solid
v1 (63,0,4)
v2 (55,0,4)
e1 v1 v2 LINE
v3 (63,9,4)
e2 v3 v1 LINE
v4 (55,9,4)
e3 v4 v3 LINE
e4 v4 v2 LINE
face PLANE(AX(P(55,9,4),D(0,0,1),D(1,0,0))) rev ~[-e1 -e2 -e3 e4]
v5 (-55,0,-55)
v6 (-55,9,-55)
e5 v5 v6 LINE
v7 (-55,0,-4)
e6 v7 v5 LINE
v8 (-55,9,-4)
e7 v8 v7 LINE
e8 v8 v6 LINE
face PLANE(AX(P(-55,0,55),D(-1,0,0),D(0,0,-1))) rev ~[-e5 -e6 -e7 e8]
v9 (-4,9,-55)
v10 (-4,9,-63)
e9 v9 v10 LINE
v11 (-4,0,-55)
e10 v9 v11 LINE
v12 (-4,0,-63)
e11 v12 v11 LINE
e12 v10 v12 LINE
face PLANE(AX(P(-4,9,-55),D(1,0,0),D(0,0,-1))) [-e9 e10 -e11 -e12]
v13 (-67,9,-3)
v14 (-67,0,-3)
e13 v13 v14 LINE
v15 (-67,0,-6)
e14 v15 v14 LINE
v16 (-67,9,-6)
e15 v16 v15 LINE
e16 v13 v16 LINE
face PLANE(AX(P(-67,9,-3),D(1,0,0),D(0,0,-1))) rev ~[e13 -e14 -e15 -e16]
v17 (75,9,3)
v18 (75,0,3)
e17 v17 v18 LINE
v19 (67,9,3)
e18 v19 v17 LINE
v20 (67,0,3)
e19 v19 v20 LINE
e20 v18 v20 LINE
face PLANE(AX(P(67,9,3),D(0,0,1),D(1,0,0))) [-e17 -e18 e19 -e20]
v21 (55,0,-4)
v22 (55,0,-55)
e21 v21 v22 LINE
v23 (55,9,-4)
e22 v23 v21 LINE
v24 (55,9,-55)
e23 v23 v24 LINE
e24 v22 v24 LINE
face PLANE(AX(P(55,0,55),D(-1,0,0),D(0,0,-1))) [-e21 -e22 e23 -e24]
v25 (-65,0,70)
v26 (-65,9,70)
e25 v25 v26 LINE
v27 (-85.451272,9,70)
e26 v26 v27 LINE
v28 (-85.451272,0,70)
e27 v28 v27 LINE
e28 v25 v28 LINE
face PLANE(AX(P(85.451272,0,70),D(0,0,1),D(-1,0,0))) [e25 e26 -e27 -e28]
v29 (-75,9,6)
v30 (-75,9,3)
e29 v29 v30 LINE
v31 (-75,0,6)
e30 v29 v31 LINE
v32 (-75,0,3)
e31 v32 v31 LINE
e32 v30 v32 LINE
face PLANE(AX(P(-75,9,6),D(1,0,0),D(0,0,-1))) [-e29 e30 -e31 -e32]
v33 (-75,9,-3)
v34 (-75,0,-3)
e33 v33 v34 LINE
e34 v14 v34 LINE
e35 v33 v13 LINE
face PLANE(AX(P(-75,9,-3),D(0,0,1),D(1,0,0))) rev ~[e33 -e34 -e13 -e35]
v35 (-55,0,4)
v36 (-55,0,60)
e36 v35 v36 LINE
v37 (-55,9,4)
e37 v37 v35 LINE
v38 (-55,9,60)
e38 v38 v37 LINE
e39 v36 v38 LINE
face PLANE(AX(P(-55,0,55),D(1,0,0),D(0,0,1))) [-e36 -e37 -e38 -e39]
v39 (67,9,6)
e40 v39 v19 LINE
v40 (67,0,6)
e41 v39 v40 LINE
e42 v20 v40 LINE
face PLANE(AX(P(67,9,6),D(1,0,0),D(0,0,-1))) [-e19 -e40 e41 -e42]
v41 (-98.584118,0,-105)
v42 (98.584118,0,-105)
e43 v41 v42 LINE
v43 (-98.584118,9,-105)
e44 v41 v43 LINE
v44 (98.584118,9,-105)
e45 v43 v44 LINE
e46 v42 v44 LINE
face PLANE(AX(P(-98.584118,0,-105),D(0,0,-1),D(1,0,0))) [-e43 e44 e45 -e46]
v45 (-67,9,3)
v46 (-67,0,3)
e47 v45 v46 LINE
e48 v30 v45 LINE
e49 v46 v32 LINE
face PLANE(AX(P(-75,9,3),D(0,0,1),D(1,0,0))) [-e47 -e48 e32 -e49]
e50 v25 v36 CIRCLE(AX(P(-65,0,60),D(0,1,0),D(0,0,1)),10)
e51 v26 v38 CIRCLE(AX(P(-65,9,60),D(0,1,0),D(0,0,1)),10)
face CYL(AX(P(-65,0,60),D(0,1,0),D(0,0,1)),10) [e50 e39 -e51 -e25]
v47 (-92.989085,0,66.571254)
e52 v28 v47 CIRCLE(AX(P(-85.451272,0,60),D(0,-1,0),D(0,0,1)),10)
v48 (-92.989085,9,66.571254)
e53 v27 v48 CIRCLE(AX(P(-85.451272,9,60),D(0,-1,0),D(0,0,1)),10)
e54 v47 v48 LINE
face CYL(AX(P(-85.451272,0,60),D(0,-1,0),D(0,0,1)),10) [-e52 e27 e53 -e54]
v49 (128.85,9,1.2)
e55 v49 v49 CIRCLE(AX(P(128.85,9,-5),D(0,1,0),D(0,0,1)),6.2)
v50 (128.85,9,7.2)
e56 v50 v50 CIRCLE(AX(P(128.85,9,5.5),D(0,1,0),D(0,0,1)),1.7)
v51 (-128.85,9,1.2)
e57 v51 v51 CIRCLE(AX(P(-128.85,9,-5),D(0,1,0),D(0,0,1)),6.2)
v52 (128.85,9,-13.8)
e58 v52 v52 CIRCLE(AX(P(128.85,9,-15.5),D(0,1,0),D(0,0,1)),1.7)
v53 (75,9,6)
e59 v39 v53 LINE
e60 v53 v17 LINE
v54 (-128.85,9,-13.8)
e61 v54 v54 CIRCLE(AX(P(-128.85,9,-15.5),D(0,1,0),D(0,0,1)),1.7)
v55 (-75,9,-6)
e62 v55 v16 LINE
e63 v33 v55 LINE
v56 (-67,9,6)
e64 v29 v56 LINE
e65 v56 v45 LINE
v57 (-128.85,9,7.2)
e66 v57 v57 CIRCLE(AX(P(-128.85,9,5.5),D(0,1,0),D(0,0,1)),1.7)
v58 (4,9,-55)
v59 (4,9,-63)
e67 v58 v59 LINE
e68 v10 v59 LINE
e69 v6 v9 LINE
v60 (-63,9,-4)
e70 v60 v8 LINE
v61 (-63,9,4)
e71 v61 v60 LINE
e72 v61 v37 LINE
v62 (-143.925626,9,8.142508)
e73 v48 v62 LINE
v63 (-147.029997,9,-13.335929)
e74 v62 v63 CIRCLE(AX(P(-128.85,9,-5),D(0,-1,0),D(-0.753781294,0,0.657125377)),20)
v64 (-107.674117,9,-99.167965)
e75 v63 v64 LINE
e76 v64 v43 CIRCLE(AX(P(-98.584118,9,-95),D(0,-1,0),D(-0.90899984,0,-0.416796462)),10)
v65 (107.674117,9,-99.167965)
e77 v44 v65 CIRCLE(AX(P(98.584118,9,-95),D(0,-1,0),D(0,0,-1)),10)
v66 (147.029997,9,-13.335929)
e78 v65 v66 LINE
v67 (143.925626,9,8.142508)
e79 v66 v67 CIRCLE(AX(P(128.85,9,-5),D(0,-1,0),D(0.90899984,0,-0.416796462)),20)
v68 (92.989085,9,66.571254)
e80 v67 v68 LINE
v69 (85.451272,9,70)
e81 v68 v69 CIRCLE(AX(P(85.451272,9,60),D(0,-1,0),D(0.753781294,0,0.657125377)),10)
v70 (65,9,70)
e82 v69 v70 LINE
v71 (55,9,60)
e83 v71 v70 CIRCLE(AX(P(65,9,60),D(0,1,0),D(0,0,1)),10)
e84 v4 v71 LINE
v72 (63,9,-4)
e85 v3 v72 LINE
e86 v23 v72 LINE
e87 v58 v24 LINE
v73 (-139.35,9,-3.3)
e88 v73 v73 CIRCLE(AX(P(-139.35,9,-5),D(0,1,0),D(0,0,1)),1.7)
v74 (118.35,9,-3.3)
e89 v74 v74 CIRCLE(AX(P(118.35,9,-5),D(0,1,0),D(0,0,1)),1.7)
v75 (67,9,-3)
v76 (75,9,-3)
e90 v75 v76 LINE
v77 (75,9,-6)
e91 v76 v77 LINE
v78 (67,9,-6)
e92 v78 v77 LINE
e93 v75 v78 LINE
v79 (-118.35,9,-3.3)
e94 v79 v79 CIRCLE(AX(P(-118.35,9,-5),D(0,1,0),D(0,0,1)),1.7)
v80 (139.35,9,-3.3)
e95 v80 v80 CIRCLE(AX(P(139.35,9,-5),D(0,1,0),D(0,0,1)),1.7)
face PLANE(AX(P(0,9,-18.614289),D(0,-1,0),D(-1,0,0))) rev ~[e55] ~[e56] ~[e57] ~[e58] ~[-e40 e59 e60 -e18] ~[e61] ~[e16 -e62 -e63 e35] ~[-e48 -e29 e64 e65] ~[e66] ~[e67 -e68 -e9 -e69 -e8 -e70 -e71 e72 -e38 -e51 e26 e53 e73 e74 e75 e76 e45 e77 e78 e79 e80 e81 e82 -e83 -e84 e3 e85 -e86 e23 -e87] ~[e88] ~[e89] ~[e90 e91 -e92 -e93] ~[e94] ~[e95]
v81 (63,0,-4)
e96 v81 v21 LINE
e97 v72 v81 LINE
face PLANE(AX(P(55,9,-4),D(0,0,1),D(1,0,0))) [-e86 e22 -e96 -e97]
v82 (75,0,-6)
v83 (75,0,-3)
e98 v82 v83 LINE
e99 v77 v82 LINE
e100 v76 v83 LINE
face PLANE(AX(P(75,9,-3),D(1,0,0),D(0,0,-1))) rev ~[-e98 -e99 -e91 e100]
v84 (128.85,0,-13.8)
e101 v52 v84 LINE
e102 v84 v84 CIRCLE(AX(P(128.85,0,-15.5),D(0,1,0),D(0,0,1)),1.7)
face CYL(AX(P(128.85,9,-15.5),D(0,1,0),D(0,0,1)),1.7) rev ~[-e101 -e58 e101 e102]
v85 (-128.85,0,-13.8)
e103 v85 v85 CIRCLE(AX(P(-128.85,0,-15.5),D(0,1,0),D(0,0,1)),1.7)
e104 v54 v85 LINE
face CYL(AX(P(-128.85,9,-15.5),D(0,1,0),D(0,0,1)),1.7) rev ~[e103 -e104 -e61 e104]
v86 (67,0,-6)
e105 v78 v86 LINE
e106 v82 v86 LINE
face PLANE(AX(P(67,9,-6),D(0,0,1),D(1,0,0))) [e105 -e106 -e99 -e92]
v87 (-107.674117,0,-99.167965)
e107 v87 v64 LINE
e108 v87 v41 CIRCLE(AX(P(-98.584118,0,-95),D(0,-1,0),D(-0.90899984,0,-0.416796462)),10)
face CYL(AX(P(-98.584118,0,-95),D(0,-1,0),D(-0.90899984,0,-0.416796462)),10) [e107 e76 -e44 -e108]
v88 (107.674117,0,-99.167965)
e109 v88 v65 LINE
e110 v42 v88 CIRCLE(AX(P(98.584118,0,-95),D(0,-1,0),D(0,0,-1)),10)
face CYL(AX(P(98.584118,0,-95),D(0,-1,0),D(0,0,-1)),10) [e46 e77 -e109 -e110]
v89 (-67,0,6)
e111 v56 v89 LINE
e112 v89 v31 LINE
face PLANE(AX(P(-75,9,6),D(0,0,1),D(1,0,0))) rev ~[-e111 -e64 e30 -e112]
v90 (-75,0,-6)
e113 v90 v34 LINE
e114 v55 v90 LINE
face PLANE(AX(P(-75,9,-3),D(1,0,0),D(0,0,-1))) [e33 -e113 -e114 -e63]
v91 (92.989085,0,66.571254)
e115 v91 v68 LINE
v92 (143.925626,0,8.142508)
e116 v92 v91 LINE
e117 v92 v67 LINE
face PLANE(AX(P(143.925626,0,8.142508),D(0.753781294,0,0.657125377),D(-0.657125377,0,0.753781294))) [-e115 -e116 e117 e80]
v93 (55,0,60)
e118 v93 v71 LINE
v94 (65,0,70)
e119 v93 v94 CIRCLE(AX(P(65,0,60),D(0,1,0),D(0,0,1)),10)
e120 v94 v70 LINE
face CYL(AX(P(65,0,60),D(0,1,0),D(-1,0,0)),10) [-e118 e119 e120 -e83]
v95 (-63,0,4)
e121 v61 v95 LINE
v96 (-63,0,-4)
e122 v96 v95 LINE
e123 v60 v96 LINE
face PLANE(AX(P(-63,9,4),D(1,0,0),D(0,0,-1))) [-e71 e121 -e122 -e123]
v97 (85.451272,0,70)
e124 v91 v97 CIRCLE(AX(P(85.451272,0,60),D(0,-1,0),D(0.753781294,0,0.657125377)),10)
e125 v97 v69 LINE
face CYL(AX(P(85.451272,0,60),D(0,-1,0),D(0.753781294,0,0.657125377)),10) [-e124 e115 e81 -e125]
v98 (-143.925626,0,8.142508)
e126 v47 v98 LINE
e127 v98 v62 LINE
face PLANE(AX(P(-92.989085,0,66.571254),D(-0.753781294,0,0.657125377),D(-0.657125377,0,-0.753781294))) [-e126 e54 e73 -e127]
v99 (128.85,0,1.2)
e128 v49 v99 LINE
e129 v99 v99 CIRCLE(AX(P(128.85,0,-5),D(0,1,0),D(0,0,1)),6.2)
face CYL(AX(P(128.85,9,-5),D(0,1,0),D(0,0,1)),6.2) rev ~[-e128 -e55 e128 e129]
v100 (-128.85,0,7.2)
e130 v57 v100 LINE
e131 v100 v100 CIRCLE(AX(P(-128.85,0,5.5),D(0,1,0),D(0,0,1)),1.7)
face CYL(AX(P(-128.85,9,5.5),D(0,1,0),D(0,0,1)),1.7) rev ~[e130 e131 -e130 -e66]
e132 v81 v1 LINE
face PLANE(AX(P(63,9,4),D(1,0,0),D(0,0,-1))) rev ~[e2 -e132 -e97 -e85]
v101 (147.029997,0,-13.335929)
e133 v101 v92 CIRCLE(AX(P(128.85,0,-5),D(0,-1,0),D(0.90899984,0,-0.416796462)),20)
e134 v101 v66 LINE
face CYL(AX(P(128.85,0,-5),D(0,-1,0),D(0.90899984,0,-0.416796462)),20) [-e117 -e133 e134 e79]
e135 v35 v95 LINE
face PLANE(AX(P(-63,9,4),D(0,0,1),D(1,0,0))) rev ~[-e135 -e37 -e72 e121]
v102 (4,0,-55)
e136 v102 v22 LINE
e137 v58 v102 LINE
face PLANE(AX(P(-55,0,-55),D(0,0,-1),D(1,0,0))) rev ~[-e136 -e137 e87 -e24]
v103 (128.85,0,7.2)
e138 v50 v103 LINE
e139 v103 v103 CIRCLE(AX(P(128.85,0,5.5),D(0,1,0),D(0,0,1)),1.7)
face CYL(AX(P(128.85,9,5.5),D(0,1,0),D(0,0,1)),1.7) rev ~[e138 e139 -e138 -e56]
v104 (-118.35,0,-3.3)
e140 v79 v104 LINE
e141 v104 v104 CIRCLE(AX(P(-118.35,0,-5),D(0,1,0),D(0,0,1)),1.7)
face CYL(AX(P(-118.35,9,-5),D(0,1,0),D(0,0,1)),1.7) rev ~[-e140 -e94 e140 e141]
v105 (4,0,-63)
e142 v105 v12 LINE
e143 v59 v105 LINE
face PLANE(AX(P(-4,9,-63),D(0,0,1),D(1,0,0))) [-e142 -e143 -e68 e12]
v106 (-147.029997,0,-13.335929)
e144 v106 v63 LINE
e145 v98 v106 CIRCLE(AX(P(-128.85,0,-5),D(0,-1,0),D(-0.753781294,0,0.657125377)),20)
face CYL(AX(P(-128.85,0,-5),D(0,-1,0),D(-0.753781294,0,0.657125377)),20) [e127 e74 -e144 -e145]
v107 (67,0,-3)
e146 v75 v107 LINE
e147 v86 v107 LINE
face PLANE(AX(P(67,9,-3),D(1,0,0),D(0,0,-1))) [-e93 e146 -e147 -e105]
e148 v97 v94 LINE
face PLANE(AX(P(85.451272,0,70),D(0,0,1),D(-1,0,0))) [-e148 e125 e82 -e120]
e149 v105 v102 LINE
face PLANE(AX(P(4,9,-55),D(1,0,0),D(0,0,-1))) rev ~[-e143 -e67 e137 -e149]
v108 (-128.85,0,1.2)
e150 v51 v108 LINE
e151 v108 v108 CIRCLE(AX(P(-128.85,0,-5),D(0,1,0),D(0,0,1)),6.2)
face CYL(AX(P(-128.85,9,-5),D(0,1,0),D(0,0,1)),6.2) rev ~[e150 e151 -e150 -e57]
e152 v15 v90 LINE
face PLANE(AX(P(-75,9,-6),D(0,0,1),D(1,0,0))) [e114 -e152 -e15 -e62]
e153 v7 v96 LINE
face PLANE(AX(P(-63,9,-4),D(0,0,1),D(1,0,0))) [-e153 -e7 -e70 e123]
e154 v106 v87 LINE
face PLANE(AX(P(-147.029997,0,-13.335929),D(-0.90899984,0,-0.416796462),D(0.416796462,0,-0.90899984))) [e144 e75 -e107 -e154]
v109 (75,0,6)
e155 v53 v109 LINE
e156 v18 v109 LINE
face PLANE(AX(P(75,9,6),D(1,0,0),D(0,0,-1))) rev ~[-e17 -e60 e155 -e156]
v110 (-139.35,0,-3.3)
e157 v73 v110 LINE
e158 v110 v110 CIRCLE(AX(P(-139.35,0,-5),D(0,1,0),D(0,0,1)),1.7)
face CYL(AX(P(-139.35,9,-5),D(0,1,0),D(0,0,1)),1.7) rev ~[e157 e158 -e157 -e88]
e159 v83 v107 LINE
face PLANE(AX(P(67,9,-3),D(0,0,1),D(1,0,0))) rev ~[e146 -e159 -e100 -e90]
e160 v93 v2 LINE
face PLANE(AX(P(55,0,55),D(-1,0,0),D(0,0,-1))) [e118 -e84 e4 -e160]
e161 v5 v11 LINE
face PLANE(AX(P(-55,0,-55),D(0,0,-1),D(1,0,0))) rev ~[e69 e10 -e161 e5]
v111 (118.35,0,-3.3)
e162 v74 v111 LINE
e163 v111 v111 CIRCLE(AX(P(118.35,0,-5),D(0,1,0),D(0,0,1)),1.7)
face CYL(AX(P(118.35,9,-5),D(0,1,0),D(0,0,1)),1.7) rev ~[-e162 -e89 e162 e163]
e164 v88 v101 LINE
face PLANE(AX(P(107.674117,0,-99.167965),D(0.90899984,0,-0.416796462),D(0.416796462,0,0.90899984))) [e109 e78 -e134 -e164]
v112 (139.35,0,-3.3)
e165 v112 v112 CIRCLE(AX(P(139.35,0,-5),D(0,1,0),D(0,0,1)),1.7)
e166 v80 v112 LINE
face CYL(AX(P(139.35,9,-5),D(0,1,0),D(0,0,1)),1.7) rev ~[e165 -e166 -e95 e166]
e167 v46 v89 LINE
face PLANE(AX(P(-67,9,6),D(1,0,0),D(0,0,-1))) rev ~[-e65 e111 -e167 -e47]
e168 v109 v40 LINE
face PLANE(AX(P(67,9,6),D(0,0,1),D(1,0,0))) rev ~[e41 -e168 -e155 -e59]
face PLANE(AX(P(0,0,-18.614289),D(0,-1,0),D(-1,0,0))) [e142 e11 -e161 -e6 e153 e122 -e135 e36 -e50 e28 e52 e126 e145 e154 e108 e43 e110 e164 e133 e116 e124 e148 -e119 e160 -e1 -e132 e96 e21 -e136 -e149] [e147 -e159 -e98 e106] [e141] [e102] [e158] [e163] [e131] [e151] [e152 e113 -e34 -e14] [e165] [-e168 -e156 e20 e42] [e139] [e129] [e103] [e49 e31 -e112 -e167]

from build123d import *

# Parameters (mm, degrees)
SKETCH_1_W          = 110
SKETCH_1_H          = 110
EXTRUDE_1_DEPTH     = 9
SKETCH_2_R          = 6.2
CUT_EXTRUDE_1_DEPTH = 9
SKETCH_10_W         = 8
SKETCH_10_H         = 8
CUT_EXTRUDE_3_DEPTH = 10
SKETCH_9_W          = 110
SKETCH_9_H          = 15
CUT_EXTRUDE_4_DEPTH = 10
FILLET_1_R          = 10
SKETCH_11_W         = 8
SKETCH_11_H         = 3
CUT_EXTRUDE_5_DEPTH = 10
SKETCH_12_R         = 1.7
CUT_EXTRUDE_6_DEPTH = 10


with BuildPart() as part:
    # 草图1 → 凸台-拉伸1 (new body)
    with BuildSketch(Plane(origin=(0, 0, 0), x_dir=(1, 0, 0), z_dir=(0, 1, 0))):
        with BuildLine():
            Line((-98.584118364, 105), (98.584118364, 105))
            ThreePointArc((98.584118364, 105), (103.984134744, 103.416639656), (107.674116766, 99.167964619))
            Line((107.674116766, 99.167964619), (147.029996803, 13.335929237))
            ThreePointArc((147.029996803, 13.335929237), (148.644315385, 2.139042389), (143.925625878, -8.142507538))
            Line((143.925625878, -8.142507538), (92.989084735, -66.571253769))
            ThreePointArc((92.989084735, -66.571253769), (89.591770698, -69.102541889), (85.451271796, -70))
            Line((85.451271796, -70), (50, -70))
            Line((50, -70), (-55, -70))
            Line((-55, -70), (-85.451271796, -70))
            ThreePointArc((-85.451271796, -70), (-89.591770698, -69.102541889), (-92.989084735, -66.571253769))
            Line((-92.989084735, -66.571253769), (-143.925625878, -8.142507538))
            ThreePointArc((-143.925625878, -8.142507538), (-148.644315385, 2.139042389), (-147.029996803, 13.335929237))
            Line((-147.029996803, 13.335929237), (-107.674116766, 99.167964619))
            ThreePointArc((-107.674116766, 99.167964619), (-103.984134744, 103.416639656), (-98.584118364, 105))
        make_face()
        Rectangle(SKETCH_1_W, SKETCH_1_H, mode=Mode.SUBTRACT)
    extrude(amount=EXTRUDE_1_DEPTH)

    # 草图2 → 切除-拉伸1 (cut)
    with BuildSketch(Plane(origin=(0, 9, 0), x_dir=(1, 0, 0), z_dir=(0, 1, 0))):
        with Locations(Location((-128.85, 5, 0), (0, 0, 270))):
            Circle(SKETCH_2_R)
        with Locations(Location((128.85, 5, 0), (0, 0, 270))):
            Circle(SKETCH_2_R)
    extrude(amount=-CUT_EXTRUDE_1_DEPTH, mode=Mode.SUBTRACT)

    # 草图10 → 切除-拉伸3 (cut)
    with BuildSketch(Plane(origin=(0, 9, 0), x_dir=(1, 0, 0), z_dir=(0, 1, 0))):
        with Locations((-59, 0)):
            Rectangle(SKETCH_10_W, SKETCH_10_H)
        with Locations((0, 59)):
            Rectangle(SKETCH_10_W, SKETCH_10_H)
        with Locations((59, 0)):
            Rectangle(SKETCH_10_W, SKETCH_10_H)
        with Locations((0, -59)):
            Rectangle(SKETCH_10_W, SKETCH_10_H)
    extrude(amount=-CUT_EXTRUDE_3_DEPTH, mode=Mode.SUBTRACT)

    # 草图9 → 切除-拉伸4 (cut)
    with BuildSketch(Plane.XZ):
        with Locations((0, 62.5)):
            Rectangle(SKETCH_9_W, SKETCH_9_H)
    extrude(amount=-CUT_EXTRUDE_4_DEPTH, mode=Mode.SUBTRACT)

    # 圆角1
    fillet_1_edges = [part.edges().sort_by_distance(p)[0] for p in [
        (55, 4.5, 70),
        (-55, 4.5, 70),
    ]]
    fillet(fillet_1_edges, radius=FILLET_1_R)

    # 草图11 → 切除-拉伸5 (cut)
    with BuildSketch(Plane(origin=(0, 9, 0), x_dir=(1, 0, 0), z_dir=(0, 1, 0))):
        with Locations((71, 4.5)):
            Rectangle(SKETCH_11_W, SKETCH_11_H)
        with Locations((71, -4.5)):
            Rectangle(SKETCH_11_W, SKETCH_11_H)
        with Locations((-71, 4.5)):
            Rectangle(SKETCH_11_W, SKETCH_11_H)
        with Locations((-71, -4.5)):
            Rectangle(SKETCH_11_W, SKETCH_11_H)
    extrude(amount=-CUT_EXTRUDE_5_DEPTH, mode=Mode.SUBTRACT)

    # 草图12 → 切除-拉伸6 (cut)
    with BuildSketch(Plane(origin=(0, 9, 0), x_dir=(1, 0, 0), z_dir=(0, 1, 0))):
        with Locations(Location((-128.85, 15.5, 0), (0, 0, 270))):
            Circle(SKETCH_12_R)
        with Locations(Location((-118.35, 5, 0), (0, 0, 270))):
            Circle(SKETCH_12_R)
        with Locations(Location((-128.85, -5.5, 0), (0, 0, 270))):
            Circle(SKETCH_12_R)
        with Locations(Location((-139.35, 5, 0), (0, 0, 270))):
            Circle(SKETCH_12_R)
        with Locations(Location((139.35, 5, 0), (0, 0, 270))):
            Circle(SKETCH_12_R)
        with Locations(Location((128.85, -5.5, 0), (0, 0, 270))):
            Circle(SKETCH_12_R)
        with Locations(Location((118.35, 5, 0), (0, 0, 270))):
            Circle(SKETCH_12_R)
        with Locations(Location((128.85, 15.5, 0), (0, 0, 270))):
            Circle(SKETCH_12_R)
    extrude(amount=-CUT_EXTRUDE_6_DEPTH, mode=Mode.SUBTRACT)


solid = part.part
